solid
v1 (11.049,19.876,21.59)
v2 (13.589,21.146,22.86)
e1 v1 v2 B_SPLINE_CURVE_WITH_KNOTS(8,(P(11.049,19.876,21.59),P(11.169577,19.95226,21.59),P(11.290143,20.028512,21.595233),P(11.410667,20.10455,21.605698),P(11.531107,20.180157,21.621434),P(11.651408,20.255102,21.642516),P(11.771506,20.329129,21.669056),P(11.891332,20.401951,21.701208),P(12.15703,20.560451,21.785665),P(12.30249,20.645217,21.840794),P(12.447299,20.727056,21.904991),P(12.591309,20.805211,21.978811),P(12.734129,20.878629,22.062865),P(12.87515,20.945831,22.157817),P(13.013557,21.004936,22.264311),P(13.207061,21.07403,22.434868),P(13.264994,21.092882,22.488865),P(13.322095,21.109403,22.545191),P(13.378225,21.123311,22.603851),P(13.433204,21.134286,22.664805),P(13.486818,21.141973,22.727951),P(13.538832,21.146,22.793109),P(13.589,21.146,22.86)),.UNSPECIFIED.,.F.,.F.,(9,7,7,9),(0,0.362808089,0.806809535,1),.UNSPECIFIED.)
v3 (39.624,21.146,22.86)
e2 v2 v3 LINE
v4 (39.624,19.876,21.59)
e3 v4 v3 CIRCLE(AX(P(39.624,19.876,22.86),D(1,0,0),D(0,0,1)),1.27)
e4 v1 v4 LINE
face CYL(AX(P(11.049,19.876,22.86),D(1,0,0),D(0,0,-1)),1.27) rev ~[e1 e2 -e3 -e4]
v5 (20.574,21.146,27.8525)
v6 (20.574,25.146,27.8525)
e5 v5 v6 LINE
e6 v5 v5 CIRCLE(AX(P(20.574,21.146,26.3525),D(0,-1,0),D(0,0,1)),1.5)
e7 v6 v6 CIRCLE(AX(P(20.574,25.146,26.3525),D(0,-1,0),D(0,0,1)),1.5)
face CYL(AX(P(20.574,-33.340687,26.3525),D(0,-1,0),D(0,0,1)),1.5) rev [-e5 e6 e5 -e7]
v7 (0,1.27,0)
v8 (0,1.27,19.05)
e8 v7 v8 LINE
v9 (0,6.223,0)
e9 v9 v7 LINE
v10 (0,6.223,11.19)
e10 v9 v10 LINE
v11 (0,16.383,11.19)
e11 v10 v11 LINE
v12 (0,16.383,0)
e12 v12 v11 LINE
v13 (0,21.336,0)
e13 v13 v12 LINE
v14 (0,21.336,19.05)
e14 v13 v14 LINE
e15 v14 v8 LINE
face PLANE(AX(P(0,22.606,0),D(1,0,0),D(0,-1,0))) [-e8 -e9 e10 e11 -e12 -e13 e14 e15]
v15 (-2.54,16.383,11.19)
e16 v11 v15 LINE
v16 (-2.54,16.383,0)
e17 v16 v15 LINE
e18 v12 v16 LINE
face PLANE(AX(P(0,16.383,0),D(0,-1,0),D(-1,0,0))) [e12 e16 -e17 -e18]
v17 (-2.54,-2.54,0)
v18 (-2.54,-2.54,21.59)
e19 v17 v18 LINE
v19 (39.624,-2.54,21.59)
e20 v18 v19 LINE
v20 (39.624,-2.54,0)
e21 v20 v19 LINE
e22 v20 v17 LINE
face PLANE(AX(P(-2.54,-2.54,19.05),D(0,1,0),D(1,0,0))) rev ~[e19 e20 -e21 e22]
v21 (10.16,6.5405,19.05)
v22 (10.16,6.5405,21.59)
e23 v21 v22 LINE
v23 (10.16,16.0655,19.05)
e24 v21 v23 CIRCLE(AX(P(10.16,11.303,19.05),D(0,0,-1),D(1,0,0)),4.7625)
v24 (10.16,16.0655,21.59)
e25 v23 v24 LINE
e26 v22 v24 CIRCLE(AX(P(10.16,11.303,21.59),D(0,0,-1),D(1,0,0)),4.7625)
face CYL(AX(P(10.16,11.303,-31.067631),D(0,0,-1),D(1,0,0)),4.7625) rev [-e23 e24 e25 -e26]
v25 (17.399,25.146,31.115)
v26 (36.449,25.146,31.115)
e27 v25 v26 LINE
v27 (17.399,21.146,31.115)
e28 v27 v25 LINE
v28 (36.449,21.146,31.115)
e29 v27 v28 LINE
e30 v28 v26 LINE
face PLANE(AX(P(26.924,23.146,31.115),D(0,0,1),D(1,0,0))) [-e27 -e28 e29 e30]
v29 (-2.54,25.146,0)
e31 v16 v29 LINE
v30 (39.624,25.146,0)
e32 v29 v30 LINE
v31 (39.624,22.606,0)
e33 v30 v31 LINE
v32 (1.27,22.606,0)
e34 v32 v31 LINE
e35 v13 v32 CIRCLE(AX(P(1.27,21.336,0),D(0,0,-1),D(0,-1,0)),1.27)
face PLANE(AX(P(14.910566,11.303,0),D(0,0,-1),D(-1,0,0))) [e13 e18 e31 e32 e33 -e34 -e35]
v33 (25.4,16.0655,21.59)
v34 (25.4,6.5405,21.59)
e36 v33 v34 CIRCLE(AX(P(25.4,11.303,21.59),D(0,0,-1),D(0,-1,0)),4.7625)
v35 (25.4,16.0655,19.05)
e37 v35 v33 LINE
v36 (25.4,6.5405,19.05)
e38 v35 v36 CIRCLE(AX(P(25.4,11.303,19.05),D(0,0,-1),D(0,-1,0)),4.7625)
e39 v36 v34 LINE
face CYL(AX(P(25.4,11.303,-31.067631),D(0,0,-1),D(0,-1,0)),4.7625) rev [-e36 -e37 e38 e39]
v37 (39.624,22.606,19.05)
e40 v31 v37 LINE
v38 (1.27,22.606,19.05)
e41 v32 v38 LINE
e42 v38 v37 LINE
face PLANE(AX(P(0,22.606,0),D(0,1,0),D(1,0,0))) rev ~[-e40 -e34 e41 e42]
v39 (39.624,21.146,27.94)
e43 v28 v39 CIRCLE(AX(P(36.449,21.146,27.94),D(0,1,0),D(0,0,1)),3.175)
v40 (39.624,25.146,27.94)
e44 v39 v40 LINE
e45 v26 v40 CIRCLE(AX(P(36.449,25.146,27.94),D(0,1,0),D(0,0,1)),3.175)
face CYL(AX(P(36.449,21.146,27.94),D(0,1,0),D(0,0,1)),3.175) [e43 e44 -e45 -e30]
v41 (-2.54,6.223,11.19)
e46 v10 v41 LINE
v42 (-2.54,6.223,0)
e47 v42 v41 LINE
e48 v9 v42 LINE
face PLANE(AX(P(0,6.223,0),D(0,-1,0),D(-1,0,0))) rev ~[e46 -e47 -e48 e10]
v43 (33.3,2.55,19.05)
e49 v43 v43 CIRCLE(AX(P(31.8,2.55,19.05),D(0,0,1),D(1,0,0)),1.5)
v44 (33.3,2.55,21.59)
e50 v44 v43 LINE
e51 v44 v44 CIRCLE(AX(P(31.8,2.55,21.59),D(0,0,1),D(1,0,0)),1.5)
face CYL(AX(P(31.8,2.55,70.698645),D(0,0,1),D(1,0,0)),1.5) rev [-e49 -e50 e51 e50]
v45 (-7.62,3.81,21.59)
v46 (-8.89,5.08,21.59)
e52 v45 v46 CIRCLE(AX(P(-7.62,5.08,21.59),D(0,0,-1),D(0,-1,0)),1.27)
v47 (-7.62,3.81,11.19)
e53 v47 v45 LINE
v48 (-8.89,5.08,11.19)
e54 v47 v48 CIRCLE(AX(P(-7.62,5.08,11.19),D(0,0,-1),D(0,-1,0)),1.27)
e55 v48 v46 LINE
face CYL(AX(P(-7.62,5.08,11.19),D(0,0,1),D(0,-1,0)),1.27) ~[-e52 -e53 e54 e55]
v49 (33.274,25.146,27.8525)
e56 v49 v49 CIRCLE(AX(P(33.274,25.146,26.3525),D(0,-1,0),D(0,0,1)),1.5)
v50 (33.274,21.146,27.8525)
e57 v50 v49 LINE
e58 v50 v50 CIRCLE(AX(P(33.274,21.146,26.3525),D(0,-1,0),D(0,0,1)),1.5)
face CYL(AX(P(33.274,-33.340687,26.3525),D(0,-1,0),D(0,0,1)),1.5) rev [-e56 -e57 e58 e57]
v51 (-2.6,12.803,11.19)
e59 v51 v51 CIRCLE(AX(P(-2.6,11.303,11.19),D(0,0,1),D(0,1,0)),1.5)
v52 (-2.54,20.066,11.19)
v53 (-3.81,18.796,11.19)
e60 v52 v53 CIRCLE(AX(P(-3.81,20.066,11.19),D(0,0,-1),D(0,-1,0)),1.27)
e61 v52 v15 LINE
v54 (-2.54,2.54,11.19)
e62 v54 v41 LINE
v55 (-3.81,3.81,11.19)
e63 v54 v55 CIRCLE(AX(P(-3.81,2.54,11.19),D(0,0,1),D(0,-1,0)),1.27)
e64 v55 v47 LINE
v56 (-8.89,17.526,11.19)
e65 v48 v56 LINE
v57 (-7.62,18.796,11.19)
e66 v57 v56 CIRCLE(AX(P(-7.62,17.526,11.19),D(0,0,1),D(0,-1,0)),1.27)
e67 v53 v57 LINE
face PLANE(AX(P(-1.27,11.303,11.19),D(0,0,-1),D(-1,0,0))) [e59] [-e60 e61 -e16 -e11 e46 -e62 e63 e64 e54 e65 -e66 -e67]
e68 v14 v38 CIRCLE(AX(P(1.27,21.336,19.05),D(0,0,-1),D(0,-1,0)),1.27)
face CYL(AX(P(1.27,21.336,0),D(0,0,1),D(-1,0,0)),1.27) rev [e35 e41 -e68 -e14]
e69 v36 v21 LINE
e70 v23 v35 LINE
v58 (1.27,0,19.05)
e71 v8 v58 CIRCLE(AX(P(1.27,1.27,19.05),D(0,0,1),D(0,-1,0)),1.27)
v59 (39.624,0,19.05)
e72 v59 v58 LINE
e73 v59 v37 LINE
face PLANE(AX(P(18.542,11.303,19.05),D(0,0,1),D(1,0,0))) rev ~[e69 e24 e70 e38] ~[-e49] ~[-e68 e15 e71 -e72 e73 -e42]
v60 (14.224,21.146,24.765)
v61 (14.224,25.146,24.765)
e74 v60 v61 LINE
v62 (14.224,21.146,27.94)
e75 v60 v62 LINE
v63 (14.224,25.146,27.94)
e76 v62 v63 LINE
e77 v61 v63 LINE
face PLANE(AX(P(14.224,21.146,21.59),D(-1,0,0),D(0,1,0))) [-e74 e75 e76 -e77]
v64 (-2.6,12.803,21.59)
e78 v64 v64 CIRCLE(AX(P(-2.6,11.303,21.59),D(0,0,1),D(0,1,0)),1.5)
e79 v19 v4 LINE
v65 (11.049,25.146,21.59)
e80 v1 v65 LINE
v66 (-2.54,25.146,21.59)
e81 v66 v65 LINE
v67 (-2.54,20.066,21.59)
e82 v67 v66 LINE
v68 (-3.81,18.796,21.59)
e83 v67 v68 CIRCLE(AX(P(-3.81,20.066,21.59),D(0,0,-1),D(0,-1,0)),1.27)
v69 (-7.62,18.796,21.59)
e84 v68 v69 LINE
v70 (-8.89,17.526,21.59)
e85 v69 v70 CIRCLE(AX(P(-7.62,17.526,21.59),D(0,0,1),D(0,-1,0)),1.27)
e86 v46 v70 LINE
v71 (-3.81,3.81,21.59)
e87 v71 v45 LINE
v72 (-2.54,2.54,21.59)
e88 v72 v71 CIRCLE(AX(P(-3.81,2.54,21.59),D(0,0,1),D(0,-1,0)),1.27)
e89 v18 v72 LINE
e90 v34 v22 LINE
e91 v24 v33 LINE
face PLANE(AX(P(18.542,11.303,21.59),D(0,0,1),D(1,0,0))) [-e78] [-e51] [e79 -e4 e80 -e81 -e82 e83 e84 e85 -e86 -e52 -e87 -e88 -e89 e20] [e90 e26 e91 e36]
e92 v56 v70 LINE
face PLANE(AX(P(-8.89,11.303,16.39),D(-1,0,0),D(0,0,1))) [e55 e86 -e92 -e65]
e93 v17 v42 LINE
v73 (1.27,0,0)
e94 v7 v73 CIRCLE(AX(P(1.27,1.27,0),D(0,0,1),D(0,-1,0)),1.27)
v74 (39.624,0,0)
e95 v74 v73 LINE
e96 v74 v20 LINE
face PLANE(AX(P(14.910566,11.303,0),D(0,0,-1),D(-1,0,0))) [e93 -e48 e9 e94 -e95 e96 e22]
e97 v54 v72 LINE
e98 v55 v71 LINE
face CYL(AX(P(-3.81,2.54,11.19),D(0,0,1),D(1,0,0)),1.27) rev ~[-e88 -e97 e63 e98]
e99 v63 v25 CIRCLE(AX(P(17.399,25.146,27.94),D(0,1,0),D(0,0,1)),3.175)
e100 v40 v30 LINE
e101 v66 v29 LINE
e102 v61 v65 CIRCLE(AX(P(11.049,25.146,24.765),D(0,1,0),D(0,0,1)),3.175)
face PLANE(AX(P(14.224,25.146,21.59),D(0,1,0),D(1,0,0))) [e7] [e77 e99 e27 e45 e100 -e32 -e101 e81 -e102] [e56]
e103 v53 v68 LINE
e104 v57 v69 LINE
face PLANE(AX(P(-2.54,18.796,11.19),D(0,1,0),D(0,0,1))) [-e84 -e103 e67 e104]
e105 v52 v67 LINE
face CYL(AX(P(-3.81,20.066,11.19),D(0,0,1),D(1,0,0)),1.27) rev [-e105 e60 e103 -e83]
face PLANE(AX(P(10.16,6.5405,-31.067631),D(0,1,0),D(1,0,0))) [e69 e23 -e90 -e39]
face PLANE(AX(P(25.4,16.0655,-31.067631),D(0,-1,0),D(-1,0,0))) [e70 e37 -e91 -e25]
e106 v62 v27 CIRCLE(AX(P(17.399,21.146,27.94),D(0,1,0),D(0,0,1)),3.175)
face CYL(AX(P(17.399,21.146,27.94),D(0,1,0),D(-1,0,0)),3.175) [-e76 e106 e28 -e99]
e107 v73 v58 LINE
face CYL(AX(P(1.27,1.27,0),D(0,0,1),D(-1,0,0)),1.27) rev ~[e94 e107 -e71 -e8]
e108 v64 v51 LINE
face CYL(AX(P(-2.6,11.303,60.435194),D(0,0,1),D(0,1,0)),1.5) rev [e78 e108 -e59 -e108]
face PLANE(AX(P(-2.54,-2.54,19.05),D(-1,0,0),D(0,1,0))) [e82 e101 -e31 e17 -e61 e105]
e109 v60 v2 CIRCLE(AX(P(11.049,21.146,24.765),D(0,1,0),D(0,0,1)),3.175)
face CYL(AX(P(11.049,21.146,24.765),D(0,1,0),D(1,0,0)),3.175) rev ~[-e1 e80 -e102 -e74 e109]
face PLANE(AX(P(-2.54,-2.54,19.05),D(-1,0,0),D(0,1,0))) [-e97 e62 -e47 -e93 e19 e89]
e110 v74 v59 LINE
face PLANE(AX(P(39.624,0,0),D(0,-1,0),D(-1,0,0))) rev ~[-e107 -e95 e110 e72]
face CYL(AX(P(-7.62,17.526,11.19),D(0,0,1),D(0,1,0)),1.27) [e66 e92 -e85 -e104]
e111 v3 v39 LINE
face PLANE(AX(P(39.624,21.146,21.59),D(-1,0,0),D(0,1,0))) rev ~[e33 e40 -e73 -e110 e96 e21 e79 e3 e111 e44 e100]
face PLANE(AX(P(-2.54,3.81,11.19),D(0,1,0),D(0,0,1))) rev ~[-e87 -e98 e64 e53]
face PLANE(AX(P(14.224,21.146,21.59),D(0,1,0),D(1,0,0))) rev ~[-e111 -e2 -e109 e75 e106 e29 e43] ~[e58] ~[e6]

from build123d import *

# Parameters (mm, degrees)
BOSS_EXTRUDE1_DEPTH     = 19.05
SKETCH2_W               = 42.164
SKETCH2_H               = 27.686
BOSS_EXTRUDE2_DEPTH     = 2.54
SKETCH3_W               = 10.4
SKETCH3_H               = 14.986
BOSS_EXTRUDE3_DEPTH     = 6.35
CUT_EXTRUDE1_DEPTH      = 49.245194496
CUT_EXTRUDE1_DEPTH_BACK = 49.245194496
SKETCH4_R               = 1.5
FILLET2_R               = 1.27
CUT_EXTRUDE2_DEPTH      = 52.65763053
CUT_EXTRUDE2_DEPTH_BACK = 52.65763053
SKETCH5_R               = 4.7625
SKETCH6_W               = 25.4
SKETCH6_H               = 4
BOSS_EXTRUDE4_DEPTH     = 9.525
FILLET3_R               = 3.175
FILLET4_R               = 1.27
FILLET6_R               = 1.27
CUT_EXTRUDE3_DEPTH      = 58.486687197
CUT_EXTRUDE3_DEPTH_BACK = 58.486687197
SKETCH8_R               = 1.5
SKETCH9_W               = 2.54
SKETCH9_H               = 10.16
CUT_EXTRUDE4_DEPTH      = 11.19
CUT_EXTRUDE5_DEPTH      = 51.648644651
CUT_EXTRUDE5_DEPTH_BACK = 51.648644651
SKETCH10_R              = 1.5


with BuildPart() as part:
    # Sketch1 → Boss-Extrude1 (new body)
    with BuildSketch(Plane.XY):
        Polygon((-2.54, 25.146), (39.624, 25.146), (39.624, 22.606), (37.084, 22.606), (0, 22.606), (0, 0), (37.084, 0), (39.624, 0), (39.624, -2.54), (-2.54, -2.54), align=None)
    extrude(amount=BOSS_EXTRUDE1_DEPTH)

    # Sketch2 → Boss-Extrude2 (add)
    with BuildSketch(Plane.XY.offset(19.05)):
        with Locations((18.542, 11.303)):
            Rectangle(SKETCH2_W, SKETCH2_H)
    extrude(amount=BOSS_EXTRUDE2_DEPTH)

    # Sketch3 → Boss-Extrude3 (add)
    with BuildSketch(Plane.ZY.offset(2.54)):
        with Locations((16.39, 11.303)):
            Rectangle(SKETCH3_W, SKETCH3_H)
    extrude(amount=BOSS_EXTRUDE3_DEPTH)

    # Sketch4 → Cut-Extrude1 (cut, two sides: drawn at the far end of the back side and taken through both)
    with BuildSketch(Plane(origin=(0, 0, 11.19), x_dir=(-1, 0, 0), z_dir=(0, 0, -1)).offset(-CUT_EXTRUDE1_DEPTH_BACK)):
        with Locations(Location((2.6, 11.303, 0), (0, 0, 90))):
            Circle(SKETCH4_R)
    extrude(amount=CUT_EXTRUDE1_DEPTH + CUT_EXTRUDE1_DEPTH_BACK, mode=Mode.SUBTRACT)

    # Fillet2
    fillet2_edges = [part.edges().sort_by_distance(p)[0] for p in [
        (-2.54, 18.796, 16.39),
        (-2.54, 3.81, 16.39),
        (-8.89, 18.796, 16.39),
        (-8.89, 3.81, 16.39),
    ]]
    fillet(fillet2_edges, radius=FILLET2_R)

    # Sketch5 → Cut-Extrude2 (cut, two sides: drawn at the far end of the back side and taken through both)
    with BuildSketch(Plane.XY.offset(21.59).offset(-CUT_EXTRUDE2_DEPTH_BACK)):
        with Locations((10.16, 11.303)):
            Circle(SKETCH5_R)
        with BuildLine():
            Line((25.4, 16.0655), (10.16, 16.0655))
            ThreePointArc((10.16, 16.0655), (13.527596045, 14.670596045), (14.9225, 11.303))
            ThreePointArc((14.9225, 11.303), (13.527596045, 7.935403955), (10.16, 6.5405))
            Line((10.16, 6.5405), (25.4, 6.5405))
            ThreePointArc((25.4, 6.5405), (20.6375, 11.303), (25.4, 16.0655))
        make_face()
        with Locations((25.4, 11.303)):
            Circle(SKETCH5_R)
    extrude(amount=CUT_EXTRUDE2_DEPTH + CUT_EXTRUDE2_DEPTH_BACK, mode=Mode.SUBTRACT)

    # Sketch6 → Boss-Extrude4 (add)
    with BuildSketch(Plane.XY.offset(21.59)):
        with Locations((26.924, 23.146)):
            Rectangle(SKETCH6_W, SKETCH6_H)
    extrude(amount=BOSS_EXTRUDE4_DEPTH)

    # Fillet3
    fillet3_edges = [part.edges().sort_by_distance(p)[0] for p in [
        (14.224, 23.146, 21.59),
        (14.224, 23.146, 31.115),
        (39.624, 23.146, 31.115),
    ]]
    fillet(fillet3_edges, radius=FILLET3_R)

    # Fillet4
    fillet4_edges = [part.edges().sort_by_distance(p)[0] for p in [
        (25.3365, 21.146, 21.59),
    ]]
    fillet(fillet4_edges, radius=FILLET4_R)

    # Fillet6
    fillet6_edges = [part.edges().sort_by_distance(p)[0] for p in [
        (0, 0, 9.525),
        (0, 22.606, 9.525),
    ]]
    fillet(fillet6_edges, radius=FILLET6_R)

    # Sketch8 → Cut-Extrude3 (cut, two sides: drawn at the far end of the back side and taken through both)
    with BuildSketch(Plane(origin=(0, 25.146, 0), x_dir=(1, 0, 0), z_dir=(0, 1, 0)).offset(-CUT_EXTRUDE3_DEPTH_BACK)):
        with Locations(Location((20.574, -26.3525, 0), (0, 0, 270))):
            Circle(SKETCH8_R)
        with Locations(Location((33.274, -26.3525, 0), (0, 0, 270))):
            Circle(SKETCH8_R)
    extrude(amount=CUT_EXTRUDE3_DEPTH + CUT_EXTRUDE3_DEPTH_BACK, mode=Mode.SUBTRACT)

    # Sketch9 → Cut-Extrude4 (cut)
    with BuildSketch(Plane(origin=(0, 0, 0), x_dir=(-1, 0, 0), z_dir=(0, 0, -1))):
        with Locations((1.27, 11.303)):
            Rectangle(SKETCH9_W, SKETCH9_H)
    extrude(amount=-CUT_EXTRUDE4_DEPTH, mode=Mode.SUBTRACT)

    # Sketch10 → Cut-Extrude5 (cut, two sides: drawn at the far end of the back side and taken through both)
    with BuildSketch(Plane(origin=(0, 0, 19.05), x_dir=(-1, 0, 0), z_dir=(0, 0, -1)).offset(-CUT_EXTRUDE5_DEPTH_BACK)):
        with Locations(Location((-31.8, 2.55, 0), (0, 0, 180))):
            Circle(SKETCH10_R)
    extrude(amount=CUT_EXTRUDE5_DEPTH + CUT_EXTRUDE5_DEPTH_BACK, mode=Mode.SUBTRACT)


solid = part.part
